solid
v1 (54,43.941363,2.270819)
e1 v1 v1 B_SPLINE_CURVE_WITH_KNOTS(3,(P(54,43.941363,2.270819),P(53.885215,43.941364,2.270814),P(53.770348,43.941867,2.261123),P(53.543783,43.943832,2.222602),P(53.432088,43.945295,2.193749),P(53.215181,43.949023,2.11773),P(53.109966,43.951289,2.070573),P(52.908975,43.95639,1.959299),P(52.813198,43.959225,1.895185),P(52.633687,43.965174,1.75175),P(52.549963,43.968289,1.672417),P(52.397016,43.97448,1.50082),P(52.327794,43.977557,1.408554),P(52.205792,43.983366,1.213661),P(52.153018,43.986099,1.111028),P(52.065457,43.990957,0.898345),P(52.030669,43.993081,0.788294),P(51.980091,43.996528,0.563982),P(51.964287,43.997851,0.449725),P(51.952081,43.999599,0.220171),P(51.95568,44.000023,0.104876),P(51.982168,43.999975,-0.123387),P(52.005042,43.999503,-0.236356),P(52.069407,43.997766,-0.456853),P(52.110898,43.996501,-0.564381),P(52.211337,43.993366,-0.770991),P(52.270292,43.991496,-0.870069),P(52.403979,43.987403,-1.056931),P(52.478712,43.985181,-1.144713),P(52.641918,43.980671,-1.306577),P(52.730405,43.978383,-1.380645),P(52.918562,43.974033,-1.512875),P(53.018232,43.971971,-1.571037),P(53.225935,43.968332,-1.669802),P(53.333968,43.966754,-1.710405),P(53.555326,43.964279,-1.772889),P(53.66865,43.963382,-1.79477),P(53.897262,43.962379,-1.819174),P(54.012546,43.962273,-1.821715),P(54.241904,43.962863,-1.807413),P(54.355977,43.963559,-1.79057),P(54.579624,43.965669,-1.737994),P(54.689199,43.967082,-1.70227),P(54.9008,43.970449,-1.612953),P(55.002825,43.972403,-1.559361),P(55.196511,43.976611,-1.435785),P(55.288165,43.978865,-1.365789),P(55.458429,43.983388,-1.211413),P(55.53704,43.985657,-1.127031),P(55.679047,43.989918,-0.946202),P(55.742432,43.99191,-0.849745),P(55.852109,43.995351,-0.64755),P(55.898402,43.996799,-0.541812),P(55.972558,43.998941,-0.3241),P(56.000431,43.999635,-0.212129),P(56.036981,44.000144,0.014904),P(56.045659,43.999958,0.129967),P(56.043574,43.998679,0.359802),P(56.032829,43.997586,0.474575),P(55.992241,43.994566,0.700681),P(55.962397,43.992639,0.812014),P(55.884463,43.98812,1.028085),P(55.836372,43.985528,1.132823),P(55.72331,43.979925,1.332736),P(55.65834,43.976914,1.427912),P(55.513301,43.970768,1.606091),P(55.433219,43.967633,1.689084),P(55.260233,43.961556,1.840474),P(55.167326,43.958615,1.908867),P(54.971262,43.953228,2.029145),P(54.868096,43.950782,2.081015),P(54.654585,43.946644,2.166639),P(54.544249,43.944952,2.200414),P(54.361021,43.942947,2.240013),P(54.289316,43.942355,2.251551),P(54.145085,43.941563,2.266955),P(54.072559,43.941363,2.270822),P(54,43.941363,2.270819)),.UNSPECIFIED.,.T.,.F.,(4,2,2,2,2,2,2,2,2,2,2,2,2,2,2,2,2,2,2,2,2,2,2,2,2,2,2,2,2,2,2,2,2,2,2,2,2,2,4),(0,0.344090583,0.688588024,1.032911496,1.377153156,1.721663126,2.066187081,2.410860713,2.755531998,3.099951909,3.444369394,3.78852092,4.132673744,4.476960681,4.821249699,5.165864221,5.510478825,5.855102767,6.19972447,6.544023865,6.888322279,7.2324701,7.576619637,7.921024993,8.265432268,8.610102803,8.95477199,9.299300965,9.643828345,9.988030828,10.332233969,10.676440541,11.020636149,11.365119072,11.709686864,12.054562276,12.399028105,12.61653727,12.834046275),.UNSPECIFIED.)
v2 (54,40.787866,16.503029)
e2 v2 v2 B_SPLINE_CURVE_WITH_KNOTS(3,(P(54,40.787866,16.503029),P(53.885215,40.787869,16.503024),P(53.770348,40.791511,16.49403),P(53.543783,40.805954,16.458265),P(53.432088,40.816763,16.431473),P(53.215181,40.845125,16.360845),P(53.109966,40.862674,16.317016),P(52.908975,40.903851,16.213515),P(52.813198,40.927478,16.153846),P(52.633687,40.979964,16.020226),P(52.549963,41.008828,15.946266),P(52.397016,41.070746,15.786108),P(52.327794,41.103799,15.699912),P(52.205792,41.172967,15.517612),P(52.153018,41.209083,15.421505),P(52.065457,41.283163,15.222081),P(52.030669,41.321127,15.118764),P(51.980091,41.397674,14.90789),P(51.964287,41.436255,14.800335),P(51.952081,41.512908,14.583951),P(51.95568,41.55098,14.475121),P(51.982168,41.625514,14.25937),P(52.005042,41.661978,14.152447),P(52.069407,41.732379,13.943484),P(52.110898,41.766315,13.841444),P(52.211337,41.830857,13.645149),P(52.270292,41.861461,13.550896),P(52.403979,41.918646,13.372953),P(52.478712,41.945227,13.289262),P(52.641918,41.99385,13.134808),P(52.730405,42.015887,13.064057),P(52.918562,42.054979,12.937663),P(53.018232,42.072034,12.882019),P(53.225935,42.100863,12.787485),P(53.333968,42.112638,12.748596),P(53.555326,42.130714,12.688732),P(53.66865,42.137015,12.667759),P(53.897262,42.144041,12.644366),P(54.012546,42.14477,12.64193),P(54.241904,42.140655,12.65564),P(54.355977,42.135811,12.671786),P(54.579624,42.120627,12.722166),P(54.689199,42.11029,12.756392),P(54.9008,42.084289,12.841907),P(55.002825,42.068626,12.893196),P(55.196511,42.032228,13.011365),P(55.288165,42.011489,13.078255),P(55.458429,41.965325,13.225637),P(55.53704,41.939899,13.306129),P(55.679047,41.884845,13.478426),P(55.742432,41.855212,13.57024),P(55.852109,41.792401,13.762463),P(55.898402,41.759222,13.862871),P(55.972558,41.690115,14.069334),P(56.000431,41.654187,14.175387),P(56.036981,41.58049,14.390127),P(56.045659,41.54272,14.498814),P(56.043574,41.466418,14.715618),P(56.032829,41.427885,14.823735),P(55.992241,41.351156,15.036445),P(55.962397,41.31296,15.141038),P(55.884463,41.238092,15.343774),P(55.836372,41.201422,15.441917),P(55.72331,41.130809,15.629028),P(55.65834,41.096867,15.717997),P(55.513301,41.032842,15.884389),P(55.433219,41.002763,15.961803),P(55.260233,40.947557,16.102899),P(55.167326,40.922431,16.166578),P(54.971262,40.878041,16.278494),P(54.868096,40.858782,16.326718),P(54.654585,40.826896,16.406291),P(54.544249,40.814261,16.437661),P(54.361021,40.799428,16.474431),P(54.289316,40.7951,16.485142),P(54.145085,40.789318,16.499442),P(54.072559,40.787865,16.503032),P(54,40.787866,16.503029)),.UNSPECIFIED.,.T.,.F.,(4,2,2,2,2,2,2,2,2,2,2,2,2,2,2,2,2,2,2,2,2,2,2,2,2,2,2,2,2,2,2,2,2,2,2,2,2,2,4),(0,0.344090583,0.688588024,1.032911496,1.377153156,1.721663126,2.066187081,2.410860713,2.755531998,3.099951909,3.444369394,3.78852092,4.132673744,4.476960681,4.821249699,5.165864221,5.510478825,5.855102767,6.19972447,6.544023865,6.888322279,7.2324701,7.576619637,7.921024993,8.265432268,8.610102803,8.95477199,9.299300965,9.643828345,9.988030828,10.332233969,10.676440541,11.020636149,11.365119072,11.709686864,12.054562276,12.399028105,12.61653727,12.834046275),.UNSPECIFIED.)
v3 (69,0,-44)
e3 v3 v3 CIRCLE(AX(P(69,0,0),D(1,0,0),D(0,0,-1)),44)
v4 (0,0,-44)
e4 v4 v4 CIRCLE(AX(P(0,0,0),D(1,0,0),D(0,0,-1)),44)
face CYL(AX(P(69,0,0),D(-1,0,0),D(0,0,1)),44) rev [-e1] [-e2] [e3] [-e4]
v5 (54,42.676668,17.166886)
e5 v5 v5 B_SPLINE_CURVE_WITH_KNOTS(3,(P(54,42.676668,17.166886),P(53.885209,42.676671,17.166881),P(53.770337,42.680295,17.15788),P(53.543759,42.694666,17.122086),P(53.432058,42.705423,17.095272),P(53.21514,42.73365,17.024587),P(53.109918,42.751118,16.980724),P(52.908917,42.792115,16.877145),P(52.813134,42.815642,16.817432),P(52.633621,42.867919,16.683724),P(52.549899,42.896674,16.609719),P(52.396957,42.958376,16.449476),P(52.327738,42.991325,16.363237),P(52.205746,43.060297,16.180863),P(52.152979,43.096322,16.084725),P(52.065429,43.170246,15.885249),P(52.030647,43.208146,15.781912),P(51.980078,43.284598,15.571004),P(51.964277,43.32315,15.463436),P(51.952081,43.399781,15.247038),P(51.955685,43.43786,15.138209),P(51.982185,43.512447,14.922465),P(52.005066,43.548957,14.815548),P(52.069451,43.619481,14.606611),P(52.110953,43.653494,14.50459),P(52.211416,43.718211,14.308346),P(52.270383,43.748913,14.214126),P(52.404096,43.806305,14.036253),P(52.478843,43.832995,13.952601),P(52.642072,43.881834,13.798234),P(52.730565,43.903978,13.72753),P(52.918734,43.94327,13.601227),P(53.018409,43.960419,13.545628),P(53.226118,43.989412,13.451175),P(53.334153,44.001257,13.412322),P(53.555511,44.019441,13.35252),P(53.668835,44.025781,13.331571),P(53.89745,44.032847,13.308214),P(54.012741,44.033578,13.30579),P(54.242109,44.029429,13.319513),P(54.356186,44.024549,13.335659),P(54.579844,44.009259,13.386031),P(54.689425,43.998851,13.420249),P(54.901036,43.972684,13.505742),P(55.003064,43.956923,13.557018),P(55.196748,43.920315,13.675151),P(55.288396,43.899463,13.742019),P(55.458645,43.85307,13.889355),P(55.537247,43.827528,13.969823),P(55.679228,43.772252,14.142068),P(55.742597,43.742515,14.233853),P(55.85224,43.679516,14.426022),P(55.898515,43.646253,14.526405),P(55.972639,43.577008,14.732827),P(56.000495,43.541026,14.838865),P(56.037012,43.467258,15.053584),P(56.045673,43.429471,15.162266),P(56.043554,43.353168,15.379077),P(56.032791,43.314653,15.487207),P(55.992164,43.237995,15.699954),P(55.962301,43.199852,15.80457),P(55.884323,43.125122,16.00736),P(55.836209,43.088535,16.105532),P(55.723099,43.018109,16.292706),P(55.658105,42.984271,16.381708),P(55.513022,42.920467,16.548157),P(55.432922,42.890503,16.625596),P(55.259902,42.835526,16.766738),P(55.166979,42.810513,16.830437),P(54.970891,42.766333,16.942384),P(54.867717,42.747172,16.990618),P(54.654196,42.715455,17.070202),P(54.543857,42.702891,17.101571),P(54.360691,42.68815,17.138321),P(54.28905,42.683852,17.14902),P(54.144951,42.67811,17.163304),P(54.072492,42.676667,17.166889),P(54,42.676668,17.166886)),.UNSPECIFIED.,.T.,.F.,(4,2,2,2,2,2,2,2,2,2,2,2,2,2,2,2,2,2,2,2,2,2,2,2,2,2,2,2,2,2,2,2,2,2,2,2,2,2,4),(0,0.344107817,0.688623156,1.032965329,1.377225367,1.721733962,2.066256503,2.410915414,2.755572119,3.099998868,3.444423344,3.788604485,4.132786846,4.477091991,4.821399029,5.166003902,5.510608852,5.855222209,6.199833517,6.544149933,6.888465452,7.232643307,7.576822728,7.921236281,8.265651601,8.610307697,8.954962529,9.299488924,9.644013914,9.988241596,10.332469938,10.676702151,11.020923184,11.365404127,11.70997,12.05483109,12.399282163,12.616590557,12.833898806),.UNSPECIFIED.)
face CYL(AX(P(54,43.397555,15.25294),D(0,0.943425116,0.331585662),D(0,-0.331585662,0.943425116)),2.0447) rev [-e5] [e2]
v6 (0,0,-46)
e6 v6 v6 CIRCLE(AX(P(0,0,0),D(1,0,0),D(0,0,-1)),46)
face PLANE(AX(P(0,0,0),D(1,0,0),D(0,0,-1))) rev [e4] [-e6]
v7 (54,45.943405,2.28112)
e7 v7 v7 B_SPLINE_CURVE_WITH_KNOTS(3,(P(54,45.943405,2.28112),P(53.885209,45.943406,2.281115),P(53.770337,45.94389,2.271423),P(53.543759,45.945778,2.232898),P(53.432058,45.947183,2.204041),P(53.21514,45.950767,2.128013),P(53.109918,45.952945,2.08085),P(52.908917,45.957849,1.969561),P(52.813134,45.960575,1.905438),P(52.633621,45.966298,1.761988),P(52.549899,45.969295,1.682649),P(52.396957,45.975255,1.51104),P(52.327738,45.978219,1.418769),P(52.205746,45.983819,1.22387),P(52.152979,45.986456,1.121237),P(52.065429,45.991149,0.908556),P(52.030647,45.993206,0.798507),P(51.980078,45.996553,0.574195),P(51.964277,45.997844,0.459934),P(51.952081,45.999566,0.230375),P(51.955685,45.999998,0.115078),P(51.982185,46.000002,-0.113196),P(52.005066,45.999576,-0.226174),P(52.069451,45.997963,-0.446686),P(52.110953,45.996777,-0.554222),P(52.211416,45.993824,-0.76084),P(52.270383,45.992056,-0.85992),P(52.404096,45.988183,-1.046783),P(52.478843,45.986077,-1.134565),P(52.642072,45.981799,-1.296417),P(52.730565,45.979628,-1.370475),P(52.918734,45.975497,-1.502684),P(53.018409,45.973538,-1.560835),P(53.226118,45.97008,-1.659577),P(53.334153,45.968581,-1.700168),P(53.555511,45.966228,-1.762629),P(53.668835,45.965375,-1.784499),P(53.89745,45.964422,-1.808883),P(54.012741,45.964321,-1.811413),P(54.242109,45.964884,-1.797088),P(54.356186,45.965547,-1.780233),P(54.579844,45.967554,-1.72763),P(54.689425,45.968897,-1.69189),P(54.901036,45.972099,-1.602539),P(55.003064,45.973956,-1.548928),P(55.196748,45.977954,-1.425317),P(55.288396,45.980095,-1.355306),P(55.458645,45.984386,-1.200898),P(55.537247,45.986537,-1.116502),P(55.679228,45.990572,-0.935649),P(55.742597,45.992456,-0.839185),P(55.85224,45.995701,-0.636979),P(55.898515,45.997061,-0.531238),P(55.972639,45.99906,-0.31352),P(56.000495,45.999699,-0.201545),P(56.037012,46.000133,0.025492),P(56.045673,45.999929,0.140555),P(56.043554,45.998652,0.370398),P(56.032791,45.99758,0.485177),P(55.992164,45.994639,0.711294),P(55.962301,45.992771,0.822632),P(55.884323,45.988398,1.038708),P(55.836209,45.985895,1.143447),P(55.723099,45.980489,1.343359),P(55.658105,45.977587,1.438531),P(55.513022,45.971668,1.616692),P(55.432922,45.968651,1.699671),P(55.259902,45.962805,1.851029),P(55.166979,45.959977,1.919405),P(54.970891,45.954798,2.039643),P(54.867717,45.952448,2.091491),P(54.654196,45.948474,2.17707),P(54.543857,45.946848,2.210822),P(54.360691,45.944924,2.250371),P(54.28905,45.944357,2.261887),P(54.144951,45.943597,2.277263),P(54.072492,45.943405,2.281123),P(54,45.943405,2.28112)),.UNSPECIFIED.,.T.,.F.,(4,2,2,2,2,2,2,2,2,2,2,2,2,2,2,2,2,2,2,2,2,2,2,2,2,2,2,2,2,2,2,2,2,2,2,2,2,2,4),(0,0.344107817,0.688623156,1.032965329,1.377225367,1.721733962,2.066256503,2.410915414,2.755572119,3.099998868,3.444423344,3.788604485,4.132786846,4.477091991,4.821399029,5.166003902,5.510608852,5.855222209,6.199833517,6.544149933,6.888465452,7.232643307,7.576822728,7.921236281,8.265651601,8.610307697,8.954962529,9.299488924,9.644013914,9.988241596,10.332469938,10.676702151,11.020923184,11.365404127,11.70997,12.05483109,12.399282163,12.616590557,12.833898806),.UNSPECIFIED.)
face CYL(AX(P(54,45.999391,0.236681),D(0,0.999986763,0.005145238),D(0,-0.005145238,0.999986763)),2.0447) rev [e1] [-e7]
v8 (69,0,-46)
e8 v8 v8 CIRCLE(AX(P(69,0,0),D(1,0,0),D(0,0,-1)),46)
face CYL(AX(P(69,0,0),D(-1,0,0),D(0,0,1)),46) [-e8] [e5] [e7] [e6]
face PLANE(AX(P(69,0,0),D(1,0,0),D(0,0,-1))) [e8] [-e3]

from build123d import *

# Parameters (mm, degrees)
SKETCH2_R                                 = 46
SKETCH2_R_2                               = 44
BOSS_EXTRUDE1_DEPTH                       = 69
F_20_0_161_DIAMETER_HOLE1_REACH           = 118.266
F_20_0_161_DIAMETER_HOLE1_BORE_R          = 2.0447
F_20_0_161_DIAMETER_HOLE1_ON_FACE_2_REACH = 123.078
F_20_0_161_DIAMETER_HOLE1_BORE_2_R        = 2.0447


with BuildPart() as part:
    # Sketch2 → Boss-Extrude1 (new body)
    with BuildSketch(Plane(origin=(0, 0, 0), x_dir=(0, 0, -1), z_dir=(1, 0, 0))):
        Circle(SKETCH2_R)
        Circle(SKETCH2_R_2, mode=Mode.SUBTRACT)
    extrude(amount=BOSS_EXTRUDE1_DEPTH)

    # #20 (0.161) Diameter Hole1 bore (on position points) → #20 (0.161) Diameter Hole1 (cut, up to next)
    with BuildSketch(Plane(origin=(54, 45.999391106, 0.236680926), x_dir=(0, -0.00514523752, 0.999986763178), z_dir=(0, 0.999986763178, 0.00514523752)), mode=Mode.PRIVATE) as f_20_0_161_diameter_hole1_sk1:
        Circle(F_20_0_161_DIAMETER_HOLE1_BORE_R)
    f_20_0_161_diameter_hole1_tool1 = extrude(f_20_0_161_diameter_hole1_sk1.sketch, amount=-F_20_0_161_DIAMETER_HOLE1_REACH, mode=Mode.PRIVATE) & part.part
    add(f_20_0_161_diameter_hole1_tool1.solids().sort_by_distance((54, 45.999391, 0.236681))[0], mode=Mode.SUBTRACT)

    # #20 (0.161) Diameter Hole1 bore 2 (on position points) → #20 (0.161) Diameter Hole1 on face 2 (cut, up to next)
    with BuildSketch(Plane(origin=(54, 43.397555314, 15.252940464), x_dir=(0, -0.331585999002, 0.94342499716), z_dir=(0, 0.94342499716, 0.331585999002)), mode=Mode.PRIVATE) as f_20_0_161_diameter_hole1_on_face_2_sk1:
        Circle(F_20_0_161_DIAMETER_HOLE1_BORE_2_R)
    f_20_0_161_diameter_hole1_on_face_2_tool1 = extrude(f_20_0_161_diameter_hole1_on_face_2_sk1.sketch, amount=-F_20_0_161_DIAMETER_HOLE1_ON_FACE_2_REACH, mode=Mode.PRIVATE) & part.part
    add(f_20_0_161_diameter_hole1_on_face_2_tool1.solids().sort_by_distance((54, 43.397555, 15.25294))[0], mode=Mode.SUBTRACT)


solid = part.part
